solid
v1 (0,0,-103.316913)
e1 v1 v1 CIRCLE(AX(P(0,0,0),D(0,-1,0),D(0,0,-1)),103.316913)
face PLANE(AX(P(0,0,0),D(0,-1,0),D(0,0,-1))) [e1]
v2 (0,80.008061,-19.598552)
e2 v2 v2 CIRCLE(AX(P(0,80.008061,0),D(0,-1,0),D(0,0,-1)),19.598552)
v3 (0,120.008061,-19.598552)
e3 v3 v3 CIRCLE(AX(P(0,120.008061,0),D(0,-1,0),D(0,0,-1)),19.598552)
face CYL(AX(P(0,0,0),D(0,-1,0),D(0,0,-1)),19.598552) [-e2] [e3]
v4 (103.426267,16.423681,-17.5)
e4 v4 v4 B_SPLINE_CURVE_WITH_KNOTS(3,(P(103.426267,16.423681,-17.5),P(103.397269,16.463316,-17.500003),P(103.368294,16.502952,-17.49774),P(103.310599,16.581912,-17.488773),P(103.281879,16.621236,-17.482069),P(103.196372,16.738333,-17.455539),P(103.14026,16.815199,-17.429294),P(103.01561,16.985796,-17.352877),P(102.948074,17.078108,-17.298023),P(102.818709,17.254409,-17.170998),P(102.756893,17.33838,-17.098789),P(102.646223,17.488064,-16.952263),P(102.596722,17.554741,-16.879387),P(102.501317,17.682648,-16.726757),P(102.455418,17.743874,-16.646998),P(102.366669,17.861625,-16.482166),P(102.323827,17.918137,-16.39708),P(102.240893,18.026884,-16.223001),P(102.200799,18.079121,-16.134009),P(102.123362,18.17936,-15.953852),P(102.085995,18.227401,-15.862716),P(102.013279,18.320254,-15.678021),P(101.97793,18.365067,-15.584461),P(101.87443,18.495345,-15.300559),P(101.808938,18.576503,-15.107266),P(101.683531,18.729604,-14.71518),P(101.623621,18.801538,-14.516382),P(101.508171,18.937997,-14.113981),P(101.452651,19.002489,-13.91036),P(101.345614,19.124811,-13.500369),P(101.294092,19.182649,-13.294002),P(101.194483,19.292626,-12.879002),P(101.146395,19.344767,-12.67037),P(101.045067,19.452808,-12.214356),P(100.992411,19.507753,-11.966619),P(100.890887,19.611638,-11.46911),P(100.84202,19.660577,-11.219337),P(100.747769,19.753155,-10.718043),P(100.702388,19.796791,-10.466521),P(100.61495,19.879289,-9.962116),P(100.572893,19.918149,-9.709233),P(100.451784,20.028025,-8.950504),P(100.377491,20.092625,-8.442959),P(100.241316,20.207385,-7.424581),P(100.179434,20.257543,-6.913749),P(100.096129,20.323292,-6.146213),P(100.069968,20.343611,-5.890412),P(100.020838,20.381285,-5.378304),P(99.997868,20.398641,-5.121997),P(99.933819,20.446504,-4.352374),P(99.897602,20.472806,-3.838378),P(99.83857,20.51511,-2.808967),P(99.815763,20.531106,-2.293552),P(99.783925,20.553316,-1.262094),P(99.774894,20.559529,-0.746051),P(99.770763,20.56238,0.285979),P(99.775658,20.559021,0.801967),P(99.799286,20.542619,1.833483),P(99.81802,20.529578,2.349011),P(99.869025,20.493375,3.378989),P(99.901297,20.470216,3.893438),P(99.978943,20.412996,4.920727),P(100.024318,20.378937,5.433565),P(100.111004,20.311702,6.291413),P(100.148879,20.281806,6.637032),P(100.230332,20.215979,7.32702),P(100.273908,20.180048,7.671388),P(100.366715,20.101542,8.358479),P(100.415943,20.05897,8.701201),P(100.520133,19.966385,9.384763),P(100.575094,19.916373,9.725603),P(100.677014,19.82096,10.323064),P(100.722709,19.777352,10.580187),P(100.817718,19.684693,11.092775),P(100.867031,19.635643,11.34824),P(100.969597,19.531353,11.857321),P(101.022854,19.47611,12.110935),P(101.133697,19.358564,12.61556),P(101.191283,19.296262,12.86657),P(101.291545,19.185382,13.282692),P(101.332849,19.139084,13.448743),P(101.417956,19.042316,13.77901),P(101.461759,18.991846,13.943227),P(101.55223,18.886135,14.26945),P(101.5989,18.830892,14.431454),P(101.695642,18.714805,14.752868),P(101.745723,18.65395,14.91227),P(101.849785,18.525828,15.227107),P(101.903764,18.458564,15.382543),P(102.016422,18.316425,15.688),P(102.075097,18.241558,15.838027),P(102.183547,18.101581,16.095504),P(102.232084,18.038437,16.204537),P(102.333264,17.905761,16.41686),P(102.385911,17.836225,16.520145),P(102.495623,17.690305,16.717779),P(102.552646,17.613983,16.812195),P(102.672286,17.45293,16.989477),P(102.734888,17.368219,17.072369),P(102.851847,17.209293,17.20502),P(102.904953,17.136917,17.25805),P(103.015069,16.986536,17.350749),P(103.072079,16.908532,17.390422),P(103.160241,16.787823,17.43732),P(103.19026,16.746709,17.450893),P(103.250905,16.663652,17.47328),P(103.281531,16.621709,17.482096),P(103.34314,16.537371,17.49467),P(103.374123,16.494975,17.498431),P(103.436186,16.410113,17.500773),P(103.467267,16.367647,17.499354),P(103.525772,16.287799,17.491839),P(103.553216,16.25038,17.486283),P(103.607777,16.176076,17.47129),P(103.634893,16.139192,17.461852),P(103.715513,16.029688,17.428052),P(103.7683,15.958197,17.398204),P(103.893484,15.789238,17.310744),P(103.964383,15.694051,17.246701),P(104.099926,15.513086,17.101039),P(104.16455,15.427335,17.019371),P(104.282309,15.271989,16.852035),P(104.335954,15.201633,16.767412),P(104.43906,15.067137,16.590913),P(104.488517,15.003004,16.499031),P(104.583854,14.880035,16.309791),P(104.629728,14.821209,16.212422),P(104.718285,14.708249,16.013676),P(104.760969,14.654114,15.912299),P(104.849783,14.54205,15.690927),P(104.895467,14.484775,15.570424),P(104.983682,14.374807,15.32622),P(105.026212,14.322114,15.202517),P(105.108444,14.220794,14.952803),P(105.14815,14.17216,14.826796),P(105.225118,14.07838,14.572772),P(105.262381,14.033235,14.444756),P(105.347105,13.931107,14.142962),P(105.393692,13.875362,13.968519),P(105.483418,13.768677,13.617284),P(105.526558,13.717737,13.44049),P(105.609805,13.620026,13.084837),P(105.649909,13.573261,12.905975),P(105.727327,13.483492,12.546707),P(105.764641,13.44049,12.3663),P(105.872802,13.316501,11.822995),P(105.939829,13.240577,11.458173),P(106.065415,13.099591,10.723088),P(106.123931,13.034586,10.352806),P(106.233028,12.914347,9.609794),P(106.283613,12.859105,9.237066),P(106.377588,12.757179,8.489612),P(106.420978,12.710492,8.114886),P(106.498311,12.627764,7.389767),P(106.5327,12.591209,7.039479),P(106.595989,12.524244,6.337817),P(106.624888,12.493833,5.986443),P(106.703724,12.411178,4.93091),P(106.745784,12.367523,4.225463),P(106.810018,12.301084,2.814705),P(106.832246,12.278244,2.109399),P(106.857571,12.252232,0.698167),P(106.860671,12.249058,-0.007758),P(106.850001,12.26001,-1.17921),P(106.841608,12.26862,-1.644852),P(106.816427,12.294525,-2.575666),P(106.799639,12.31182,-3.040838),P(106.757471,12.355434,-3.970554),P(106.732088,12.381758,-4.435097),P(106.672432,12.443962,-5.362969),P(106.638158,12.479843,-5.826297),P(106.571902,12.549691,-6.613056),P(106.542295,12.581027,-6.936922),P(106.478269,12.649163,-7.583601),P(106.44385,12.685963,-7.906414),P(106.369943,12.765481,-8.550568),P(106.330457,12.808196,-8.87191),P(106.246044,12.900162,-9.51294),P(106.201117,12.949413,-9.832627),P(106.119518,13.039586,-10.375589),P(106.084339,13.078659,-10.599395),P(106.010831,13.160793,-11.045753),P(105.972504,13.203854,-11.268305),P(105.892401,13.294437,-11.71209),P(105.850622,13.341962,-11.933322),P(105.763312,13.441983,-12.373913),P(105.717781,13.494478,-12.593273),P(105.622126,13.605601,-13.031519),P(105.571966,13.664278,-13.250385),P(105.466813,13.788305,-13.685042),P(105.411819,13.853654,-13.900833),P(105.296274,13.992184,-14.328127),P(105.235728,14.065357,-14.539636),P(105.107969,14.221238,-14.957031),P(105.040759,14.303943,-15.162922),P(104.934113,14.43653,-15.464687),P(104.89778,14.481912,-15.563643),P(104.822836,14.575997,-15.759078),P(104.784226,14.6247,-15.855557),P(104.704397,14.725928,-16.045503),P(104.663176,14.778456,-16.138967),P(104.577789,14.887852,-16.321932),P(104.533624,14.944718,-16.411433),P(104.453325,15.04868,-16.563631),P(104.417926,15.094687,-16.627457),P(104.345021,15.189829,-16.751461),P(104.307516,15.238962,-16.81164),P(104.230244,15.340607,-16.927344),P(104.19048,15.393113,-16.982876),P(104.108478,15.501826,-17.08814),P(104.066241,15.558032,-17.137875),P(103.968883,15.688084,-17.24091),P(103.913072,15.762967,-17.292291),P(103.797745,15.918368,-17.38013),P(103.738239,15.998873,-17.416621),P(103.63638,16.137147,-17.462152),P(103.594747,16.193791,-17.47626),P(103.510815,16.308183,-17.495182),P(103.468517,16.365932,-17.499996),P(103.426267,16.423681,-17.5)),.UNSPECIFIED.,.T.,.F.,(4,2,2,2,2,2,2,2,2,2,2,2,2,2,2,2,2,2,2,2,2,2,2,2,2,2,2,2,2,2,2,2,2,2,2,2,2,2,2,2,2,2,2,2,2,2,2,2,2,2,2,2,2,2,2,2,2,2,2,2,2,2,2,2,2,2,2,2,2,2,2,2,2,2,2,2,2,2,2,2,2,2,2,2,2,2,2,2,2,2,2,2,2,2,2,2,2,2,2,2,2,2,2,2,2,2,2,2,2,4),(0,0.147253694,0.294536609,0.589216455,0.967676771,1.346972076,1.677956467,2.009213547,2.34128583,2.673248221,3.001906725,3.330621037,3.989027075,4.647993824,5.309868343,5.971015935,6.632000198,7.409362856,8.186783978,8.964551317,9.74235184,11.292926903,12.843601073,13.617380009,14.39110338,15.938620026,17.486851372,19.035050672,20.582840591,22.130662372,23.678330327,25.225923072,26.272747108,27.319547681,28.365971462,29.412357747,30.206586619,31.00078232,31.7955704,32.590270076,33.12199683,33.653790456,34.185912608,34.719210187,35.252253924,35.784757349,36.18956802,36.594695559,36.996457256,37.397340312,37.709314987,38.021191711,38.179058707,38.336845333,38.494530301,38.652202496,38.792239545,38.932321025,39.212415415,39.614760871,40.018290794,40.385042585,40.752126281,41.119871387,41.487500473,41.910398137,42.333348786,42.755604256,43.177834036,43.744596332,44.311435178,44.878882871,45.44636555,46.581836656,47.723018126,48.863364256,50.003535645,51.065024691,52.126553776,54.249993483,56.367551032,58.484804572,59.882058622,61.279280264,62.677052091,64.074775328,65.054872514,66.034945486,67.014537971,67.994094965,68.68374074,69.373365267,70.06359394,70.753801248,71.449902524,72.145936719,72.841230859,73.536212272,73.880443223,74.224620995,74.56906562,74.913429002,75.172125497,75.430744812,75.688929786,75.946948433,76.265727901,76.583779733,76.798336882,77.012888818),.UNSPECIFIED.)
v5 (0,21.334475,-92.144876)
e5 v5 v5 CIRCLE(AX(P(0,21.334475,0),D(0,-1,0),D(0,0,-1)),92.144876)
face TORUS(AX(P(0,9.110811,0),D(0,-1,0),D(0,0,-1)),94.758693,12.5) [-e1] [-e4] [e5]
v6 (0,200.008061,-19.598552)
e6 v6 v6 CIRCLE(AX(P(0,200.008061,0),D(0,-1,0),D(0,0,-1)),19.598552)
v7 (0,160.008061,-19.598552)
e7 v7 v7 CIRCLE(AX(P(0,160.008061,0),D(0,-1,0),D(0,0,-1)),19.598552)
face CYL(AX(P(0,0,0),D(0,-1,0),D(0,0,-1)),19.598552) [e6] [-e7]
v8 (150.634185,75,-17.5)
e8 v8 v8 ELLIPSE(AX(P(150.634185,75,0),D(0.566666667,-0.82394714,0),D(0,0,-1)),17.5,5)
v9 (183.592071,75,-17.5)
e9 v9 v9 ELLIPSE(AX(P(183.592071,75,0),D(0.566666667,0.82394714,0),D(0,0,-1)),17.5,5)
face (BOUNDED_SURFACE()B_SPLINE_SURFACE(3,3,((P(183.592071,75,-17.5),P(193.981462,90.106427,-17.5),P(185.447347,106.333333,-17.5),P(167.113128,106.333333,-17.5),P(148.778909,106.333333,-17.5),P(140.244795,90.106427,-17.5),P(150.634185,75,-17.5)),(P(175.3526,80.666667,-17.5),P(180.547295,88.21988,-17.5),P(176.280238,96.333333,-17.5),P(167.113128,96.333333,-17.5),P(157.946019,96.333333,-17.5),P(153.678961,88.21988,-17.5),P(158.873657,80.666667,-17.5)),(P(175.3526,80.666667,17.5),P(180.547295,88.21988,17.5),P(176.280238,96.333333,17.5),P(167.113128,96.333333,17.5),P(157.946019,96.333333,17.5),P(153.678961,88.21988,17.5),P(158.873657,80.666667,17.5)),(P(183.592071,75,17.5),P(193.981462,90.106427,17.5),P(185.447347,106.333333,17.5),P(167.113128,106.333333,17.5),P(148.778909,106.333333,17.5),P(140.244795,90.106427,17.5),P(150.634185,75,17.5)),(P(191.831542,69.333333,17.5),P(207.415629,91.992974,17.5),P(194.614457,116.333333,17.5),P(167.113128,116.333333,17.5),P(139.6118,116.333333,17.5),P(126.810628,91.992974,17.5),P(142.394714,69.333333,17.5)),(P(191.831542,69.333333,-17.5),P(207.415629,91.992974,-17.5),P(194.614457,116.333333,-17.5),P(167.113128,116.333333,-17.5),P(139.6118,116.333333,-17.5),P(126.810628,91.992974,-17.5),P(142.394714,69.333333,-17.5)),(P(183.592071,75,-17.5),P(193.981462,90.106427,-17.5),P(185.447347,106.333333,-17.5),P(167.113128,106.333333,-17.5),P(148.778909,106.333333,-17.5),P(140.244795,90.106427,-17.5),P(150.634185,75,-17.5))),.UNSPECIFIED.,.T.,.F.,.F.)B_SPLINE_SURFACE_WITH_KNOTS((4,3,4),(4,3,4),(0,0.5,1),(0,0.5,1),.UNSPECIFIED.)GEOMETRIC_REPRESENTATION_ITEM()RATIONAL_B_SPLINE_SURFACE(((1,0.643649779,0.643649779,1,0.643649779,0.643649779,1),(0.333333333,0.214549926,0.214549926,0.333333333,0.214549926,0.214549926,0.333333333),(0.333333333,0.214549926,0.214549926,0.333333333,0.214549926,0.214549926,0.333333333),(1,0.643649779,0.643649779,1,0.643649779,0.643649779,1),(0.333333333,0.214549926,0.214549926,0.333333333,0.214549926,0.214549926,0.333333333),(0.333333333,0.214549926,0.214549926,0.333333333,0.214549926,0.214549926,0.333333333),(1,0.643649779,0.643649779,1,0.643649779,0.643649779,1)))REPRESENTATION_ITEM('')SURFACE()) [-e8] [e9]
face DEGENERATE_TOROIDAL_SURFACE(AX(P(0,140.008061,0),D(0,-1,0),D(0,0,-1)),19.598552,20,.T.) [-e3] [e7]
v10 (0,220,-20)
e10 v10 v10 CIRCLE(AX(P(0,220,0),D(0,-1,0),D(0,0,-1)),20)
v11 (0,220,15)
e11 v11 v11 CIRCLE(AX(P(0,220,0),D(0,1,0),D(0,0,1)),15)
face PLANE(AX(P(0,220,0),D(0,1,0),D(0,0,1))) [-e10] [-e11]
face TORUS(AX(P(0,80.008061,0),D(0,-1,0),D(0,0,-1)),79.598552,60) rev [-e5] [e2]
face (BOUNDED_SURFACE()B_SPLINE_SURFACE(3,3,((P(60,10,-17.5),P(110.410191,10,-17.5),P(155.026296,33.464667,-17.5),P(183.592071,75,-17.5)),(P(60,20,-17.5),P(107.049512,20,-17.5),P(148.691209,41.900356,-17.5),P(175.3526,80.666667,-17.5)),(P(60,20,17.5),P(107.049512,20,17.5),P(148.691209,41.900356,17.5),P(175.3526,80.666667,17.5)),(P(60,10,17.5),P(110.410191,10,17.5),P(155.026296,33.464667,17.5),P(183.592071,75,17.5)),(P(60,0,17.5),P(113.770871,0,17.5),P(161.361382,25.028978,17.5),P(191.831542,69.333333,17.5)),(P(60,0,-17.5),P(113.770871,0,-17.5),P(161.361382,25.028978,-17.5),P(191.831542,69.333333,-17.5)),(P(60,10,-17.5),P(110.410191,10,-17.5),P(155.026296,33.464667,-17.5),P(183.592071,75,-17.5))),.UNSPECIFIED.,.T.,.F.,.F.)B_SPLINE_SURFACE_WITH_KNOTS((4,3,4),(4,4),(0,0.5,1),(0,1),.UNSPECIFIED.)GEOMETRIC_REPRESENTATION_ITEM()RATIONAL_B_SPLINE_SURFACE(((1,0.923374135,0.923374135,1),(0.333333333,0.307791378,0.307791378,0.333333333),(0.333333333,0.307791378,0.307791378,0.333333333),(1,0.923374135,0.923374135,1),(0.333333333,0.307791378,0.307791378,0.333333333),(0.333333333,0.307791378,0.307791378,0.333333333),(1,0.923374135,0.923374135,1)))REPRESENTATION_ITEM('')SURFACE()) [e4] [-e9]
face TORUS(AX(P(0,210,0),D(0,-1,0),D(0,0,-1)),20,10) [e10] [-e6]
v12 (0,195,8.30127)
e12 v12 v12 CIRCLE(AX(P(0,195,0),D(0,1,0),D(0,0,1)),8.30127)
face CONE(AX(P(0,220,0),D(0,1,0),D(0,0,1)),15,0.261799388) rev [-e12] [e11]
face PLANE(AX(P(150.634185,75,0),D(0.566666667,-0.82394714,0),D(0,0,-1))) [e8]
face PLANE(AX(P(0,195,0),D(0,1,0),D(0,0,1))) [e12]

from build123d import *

# Parameters (mm, degrees)
SKETCH_3_RX         = 17.5
SKETCH_3_RY         = 5
SKETCH_5_R          = 15
CUT_EXTRUDE_1_DEPTH = 25
CUT_EXTRUDE_1_DRAFT = -15


with BuildPart() as part:
    # 草圖1 → 旋轉1 (revolve)
    with BuildSketch(Plane.XY, mode=Mode.PRIVATE) as revolve_1_sk:
        with BuildLine():
            Line((0, 0), (0, 220))
            Line((0, 220), (20, 220))
            ThreePointArc((20, 220), (29.997984476, 209.799235428), (19.598551784, 200.008061283))
            Line((19.598551784, 200.008061283), (19.598551784, 160.008061283))
            ThreePointArc((19.598551784, 160.008061283), (39.598551784, 140.008061283), (19.598551784, 120.008061283))
            Line((19.598551784, 120.008061283), (19.598551784, 80.008061283))
            ThreePointArc((19.598551784, 80.008061283), (41.867791383, 33.356269039), (92.144875769, 21.334474768))
            ThreePointArc((92.144875769, 21.334474768), (105.832262375, 14.909609682), (103.316912972, 0))
            Line((103.316912972, 0), (0, 0))
        make_face()
    revolve(revolve_1_sk.sketch.rotate(Axis((0, 0, 0), (0, 1, 0)), 90), axis=Axis((0, 0, 0), (0, 1, 0)))

    # 掃出1: sweep along a path in 草圖2
    with BuildLine(Plane.XY) as sweep_1_path:
        Line((0, 10), (60, 10))
        ThreePointArc((60, 10), (129.821200219, 27.240819526), (183.592070943, 75))
        ThreePointArc((183.592070943, 75), (167.113128151, 106.333333333), (150.634185358, 75))
    # 草圖3 → 掃出1 (sweep)
    with BuildSketch(Plane(origin=(0, 0, 0), x_dir=(0, 0, -1), z_dir=(1, 0, 0))):
        with Locations((0, 10)):
            Ellipse(SKETCH_3_RX, SKETCH_3_RY)
    sweep(path=sweep_1_path.line)


with BuildPart() as cut_extrude_1_tool:
    # 草圖5 → 除料-伸長1 (with draft: the straight prism first)
    with BuildSketch(Plane(origin=(0, 220, 0), x_dir=(1, 0, 0), z_dir=(0, 1, 0))):
        Circle(SKETCH_5_R)
    extrude(amount=-CUT_EXTRUDE_1_DEPTH)
    # 除料-伸長1: the draft: its side faces are tilted about the plane it starts from
    cut_extrude_1_sides = [cut_extrude_1_tool.faces().sort_by_distance(p)[0] for p in [
        (-15, 207.5, 0),
    ]]
    draft(cut_extrude_1_sides, Plane(origin=(0, 220, 0), x_dir=(1, 0, 0), z_dir=(0, 1, 0)), CUT_EXTRUDE_1_DRAFT)


with BuildPart() as part_1:
    add(part.part)

    # 除料-伸長1: cut by cut_extrude_1_tool
    add(cut_extrude_1_tool.part, mode=Mode.SUBTRACT)


solid = part_1.part
